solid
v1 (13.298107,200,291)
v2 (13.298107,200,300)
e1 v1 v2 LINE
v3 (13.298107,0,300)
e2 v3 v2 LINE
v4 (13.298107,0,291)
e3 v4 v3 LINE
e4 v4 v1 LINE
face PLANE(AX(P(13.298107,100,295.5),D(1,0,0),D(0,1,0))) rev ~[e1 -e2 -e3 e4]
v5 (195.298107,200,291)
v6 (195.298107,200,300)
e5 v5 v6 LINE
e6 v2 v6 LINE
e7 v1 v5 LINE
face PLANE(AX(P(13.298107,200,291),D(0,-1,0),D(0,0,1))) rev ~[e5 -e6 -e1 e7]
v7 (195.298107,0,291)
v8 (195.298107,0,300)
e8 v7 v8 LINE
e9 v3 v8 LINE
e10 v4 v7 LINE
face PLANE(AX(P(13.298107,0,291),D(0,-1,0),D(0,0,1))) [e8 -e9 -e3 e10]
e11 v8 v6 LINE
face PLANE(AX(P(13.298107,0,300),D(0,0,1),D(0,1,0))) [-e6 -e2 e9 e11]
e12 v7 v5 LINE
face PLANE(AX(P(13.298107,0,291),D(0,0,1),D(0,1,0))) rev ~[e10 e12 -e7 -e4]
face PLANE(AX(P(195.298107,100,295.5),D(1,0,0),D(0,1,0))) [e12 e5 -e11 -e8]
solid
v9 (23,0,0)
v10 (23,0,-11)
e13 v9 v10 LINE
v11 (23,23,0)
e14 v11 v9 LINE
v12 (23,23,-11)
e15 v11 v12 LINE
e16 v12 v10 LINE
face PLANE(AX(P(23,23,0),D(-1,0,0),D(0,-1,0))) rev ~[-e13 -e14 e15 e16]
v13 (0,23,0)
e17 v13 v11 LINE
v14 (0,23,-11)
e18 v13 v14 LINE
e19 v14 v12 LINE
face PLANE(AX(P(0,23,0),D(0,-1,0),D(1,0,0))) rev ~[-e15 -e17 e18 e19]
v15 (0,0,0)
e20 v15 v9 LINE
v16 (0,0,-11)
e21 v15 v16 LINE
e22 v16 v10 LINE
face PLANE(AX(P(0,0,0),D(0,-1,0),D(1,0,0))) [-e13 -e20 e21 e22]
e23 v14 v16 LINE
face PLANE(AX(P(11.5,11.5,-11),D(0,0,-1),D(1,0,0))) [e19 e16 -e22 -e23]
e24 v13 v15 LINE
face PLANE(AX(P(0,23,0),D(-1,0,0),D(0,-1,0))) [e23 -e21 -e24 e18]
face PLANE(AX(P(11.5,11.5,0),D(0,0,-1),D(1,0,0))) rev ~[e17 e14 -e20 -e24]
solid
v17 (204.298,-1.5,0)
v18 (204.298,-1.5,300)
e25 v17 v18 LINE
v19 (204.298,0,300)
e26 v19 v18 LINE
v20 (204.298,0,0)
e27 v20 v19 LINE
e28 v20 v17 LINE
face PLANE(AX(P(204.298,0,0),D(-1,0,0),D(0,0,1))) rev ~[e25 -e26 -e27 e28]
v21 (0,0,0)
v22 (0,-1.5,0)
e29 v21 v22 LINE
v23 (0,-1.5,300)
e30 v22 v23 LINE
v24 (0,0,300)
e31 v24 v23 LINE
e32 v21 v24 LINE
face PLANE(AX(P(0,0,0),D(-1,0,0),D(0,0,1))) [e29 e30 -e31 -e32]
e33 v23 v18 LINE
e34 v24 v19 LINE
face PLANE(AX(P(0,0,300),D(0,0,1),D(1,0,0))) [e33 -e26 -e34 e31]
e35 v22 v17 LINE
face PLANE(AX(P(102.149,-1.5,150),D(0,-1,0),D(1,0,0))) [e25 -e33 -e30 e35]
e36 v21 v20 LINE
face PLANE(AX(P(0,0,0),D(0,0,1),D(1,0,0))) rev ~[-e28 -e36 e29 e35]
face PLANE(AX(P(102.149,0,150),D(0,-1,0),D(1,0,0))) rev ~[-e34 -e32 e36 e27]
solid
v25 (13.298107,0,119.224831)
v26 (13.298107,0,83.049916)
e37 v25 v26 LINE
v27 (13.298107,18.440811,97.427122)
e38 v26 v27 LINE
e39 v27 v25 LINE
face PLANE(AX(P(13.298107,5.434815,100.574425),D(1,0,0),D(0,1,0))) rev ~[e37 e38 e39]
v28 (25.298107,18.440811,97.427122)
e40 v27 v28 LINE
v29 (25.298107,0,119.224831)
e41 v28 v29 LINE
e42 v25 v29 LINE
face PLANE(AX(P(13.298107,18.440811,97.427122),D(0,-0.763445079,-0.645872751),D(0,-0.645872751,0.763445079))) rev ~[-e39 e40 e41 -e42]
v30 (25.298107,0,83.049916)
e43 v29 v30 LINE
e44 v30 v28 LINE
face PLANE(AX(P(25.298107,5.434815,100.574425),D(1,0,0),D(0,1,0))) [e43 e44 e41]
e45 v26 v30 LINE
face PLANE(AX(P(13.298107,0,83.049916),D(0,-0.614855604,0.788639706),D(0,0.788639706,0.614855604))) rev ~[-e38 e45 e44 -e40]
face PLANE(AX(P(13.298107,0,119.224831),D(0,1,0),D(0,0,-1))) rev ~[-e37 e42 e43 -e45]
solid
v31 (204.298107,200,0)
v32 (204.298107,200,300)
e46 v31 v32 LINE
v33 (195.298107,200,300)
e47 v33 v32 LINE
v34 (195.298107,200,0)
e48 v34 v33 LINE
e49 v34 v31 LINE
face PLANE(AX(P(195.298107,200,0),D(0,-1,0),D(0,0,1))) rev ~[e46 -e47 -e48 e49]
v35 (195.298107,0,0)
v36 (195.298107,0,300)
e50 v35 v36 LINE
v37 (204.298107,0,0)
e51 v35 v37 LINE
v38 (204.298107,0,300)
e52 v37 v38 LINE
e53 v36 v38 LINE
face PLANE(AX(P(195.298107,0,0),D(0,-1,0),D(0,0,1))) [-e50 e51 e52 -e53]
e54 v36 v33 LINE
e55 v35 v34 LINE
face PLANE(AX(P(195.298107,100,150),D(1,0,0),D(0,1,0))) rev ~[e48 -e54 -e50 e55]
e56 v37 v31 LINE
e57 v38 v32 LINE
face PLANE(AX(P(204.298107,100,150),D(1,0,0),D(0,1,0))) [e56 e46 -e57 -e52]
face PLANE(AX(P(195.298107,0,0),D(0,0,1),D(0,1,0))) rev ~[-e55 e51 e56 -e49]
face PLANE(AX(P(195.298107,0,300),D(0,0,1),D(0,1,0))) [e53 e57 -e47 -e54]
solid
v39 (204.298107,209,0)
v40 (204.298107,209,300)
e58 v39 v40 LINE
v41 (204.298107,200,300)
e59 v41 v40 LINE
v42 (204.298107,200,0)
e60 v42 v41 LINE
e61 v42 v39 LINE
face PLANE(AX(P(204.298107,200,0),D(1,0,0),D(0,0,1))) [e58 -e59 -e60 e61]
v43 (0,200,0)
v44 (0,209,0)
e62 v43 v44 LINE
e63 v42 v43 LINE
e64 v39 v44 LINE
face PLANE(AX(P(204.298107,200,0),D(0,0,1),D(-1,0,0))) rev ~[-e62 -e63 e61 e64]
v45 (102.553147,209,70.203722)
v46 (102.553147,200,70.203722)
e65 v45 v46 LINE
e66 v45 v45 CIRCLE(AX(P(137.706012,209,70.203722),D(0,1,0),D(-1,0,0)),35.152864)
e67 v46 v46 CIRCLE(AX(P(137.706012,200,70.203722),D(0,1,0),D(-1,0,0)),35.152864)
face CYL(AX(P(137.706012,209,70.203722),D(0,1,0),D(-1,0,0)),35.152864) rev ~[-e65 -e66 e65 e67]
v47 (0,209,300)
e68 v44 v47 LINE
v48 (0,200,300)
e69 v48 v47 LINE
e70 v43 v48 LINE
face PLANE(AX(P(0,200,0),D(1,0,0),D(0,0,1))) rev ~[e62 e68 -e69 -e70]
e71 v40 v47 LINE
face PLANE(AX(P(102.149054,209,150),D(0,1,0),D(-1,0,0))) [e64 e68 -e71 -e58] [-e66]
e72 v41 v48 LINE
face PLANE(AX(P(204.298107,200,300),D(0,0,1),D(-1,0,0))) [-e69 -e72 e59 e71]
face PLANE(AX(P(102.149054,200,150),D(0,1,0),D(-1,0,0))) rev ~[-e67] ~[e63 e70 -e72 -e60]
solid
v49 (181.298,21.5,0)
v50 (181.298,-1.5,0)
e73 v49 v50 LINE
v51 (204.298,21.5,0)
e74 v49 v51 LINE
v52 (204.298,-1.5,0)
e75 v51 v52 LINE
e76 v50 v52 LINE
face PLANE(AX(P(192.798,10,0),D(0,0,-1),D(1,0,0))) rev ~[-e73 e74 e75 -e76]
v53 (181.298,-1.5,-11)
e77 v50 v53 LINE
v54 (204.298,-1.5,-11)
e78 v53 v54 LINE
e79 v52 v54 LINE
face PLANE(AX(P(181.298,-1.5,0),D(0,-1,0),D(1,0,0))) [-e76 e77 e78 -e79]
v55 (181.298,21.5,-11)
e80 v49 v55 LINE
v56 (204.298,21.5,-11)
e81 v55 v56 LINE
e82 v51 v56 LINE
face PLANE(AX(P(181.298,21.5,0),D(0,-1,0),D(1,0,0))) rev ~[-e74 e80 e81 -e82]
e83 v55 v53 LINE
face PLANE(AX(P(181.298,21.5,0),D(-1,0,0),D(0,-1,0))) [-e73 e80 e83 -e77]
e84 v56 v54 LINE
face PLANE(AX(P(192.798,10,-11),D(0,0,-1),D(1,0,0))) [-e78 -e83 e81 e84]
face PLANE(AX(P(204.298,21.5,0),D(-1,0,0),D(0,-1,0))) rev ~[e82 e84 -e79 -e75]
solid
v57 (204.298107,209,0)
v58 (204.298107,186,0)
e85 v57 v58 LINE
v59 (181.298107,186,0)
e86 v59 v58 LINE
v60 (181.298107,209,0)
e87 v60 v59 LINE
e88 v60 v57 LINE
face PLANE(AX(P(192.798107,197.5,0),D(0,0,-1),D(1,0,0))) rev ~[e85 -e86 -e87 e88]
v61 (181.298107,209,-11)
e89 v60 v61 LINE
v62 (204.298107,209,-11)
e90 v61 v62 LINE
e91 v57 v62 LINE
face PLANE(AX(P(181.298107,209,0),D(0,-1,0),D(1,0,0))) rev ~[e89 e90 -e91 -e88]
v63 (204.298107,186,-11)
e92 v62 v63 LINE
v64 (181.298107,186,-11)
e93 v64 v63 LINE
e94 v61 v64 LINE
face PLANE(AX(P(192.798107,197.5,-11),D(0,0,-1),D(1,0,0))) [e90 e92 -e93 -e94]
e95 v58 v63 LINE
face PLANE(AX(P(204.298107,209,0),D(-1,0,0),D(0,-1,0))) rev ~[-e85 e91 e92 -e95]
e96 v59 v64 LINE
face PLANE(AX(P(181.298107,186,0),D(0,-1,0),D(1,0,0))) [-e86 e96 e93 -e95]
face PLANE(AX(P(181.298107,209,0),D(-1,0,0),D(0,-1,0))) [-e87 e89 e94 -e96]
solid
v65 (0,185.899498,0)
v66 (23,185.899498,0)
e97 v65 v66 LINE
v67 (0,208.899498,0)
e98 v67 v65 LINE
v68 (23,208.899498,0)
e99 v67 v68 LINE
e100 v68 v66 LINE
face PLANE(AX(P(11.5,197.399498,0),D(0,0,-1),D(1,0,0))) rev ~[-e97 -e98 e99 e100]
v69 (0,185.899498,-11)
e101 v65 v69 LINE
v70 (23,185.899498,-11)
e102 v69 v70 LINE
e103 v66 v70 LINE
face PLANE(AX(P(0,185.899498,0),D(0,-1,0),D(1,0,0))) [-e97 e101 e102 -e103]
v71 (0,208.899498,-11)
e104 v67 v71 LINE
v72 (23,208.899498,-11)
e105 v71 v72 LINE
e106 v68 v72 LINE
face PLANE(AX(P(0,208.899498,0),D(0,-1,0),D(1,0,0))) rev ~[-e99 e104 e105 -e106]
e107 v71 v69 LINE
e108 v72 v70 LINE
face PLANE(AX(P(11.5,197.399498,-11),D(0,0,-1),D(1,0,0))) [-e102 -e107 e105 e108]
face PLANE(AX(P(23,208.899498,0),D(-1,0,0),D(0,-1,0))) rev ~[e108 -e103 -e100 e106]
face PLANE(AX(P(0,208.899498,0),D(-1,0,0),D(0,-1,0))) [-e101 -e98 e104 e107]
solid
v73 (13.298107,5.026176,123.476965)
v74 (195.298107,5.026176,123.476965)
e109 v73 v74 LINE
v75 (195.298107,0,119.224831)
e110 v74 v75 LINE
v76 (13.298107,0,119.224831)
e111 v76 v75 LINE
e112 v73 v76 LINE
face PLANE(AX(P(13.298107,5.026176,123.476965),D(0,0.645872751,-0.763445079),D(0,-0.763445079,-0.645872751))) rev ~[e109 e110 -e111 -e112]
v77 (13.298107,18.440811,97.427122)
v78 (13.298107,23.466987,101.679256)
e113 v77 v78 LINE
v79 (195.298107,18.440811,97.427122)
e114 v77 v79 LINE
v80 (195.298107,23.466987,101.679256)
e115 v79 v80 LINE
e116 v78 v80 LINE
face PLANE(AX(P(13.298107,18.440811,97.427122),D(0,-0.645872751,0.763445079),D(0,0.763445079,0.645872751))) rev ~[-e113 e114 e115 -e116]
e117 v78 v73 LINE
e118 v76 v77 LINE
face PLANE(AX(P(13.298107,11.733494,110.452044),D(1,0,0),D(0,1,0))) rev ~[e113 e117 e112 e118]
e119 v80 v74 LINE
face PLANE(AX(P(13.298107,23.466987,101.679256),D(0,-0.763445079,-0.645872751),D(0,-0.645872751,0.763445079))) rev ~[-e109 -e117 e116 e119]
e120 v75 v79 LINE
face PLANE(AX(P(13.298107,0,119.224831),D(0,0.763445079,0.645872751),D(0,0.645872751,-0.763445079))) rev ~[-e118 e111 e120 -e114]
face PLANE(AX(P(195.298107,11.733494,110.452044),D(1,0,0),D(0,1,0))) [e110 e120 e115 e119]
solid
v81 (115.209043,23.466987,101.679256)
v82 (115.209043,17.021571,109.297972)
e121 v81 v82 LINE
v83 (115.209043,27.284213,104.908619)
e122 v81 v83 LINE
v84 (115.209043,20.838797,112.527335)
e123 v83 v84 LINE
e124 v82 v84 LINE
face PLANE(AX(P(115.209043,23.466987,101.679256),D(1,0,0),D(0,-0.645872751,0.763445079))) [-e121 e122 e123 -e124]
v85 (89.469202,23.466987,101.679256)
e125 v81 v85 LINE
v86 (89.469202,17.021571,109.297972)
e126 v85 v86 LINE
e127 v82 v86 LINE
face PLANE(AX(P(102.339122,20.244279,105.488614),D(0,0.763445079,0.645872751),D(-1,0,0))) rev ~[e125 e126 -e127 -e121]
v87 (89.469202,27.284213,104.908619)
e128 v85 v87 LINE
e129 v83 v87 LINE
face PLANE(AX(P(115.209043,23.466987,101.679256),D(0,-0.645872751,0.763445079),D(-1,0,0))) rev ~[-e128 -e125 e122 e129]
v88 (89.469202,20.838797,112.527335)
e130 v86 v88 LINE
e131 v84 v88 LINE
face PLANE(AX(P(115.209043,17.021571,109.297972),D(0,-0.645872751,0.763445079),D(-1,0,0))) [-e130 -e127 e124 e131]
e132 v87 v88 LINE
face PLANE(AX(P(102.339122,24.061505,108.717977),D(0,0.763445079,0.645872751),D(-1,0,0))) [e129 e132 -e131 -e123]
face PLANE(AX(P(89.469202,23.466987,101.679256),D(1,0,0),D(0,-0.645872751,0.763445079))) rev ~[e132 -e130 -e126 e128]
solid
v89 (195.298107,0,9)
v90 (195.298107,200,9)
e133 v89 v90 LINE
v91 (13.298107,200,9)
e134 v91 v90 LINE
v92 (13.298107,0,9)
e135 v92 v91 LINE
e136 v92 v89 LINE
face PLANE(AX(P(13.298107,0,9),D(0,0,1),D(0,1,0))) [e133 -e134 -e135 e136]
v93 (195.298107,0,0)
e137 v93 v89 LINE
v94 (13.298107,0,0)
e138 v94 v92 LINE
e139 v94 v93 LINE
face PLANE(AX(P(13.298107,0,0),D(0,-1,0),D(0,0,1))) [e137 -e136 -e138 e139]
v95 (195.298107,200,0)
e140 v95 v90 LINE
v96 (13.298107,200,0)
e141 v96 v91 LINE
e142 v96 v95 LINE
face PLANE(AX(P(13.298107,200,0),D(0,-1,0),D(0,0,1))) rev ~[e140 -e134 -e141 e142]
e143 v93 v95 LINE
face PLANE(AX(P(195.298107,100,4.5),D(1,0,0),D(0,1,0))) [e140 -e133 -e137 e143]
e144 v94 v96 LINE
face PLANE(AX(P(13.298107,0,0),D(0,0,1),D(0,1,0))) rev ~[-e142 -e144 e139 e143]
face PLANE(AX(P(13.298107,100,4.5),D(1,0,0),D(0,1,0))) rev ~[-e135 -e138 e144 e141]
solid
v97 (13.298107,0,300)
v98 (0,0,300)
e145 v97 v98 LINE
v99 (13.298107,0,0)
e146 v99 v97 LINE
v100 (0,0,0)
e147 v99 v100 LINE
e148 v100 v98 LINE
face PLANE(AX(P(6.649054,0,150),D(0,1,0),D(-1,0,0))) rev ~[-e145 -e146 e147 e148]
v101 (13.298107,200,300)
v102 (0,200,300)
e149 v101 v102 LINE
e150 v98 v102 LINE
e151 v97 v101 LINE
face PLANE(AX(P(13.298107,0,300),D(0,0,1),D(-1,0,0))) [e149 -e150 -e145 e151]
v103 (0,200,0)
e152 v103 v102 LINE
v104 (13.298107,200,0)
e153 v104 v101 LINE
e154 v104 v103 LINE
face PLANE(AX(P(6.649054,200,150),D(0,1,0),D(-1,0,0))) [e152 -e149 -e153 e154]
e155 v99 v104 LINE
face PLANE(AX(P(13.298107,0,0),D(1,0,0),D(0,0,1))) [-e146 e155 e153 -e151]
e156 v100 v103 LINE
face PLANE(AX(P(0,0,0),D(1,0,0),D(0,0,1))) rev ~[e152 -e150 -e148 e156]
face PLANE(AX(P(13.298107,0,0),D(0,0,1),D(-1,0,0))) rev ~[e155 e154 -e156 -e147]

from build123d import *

# Parameters (mm, degrees)
F0_W      = 204.298
F0_H      = 300
F1_DEPTH  = 1.5
F2_W      = 13.2981073111
F2_H      = 300
F3_DEPTH  = 200
F5_DEPTH  = 12
F7_DEPTH  = 182
F8_W      = 25.7398411632
F8_H      = 9.9793898548
F9_DEPTH  = 5
F10_W     = 200
F10_H     = 9
F11_DEPTH = 182
F12_W     = 200
F12_H     = 9
F13_DEPTH = 182
F14_W     = 200
F14_H     = 300
F15_DEPTH = 9
F16_W     = 204.2981073111
F16_H     = 300
F17_DEPTH = 9
F18_R     = 35.1528640542
F19_DEPTH = 9
F20_DEPTH = 25
F21_W     = 23
F21_H     = 23
F22_DEPTH = 11
F23_W     = 23
F23_H     = 23
F24_DEPTH = 11
F25_W     = 23
F25_H     = 23
F26_DEPTH = 11
F27_W     = 23
F27_H     = 23
F28_DEPTH = 11


with BuildPart() as f1:
    # F0 (on Front) → F1 (new body)
    with BuildSketch(Plane.XZ):
        with Locations((102.149, 150)):
            Rectangle(F0_W, F0_H)
    extrude(amount=F1_DEPTH)

    # F18 (on face) → F20 (cut)
    with BuildSketch(Plane(origin=(0, 209, 0), x_dir=(-1, 0, 0), z_dir=(0, 1, 0))):
        with Locations((-137.7060115337, 70.2037215233)):
            Circle(F18_R)
    extrude(amount=-F20_DEPTH, mode=Mode.SUBTRACT)


with BuildPart() as f3:
    # F2 (on face) → F3 (new body)
    with BuildSketch(Plane(origin=(0, 0, 0), x_dir=(-1, 0, 0), z_dir=(0, 1, 0))):
        with Locations((-6.6490536556, 150)):
            Rectangle(F2_W, F2_H)
    extrude(amount=F3_DEPTH)


with BuildPart() as f5:
    # F4 (on face) → F5 (new body)
    with BuildSketch(Plane.YZ.offset(13.2981073111)):
        Polygon((18.4408109635, 97.4271222949), (0, 119.2248314619), (0, 83.049915731), align=None)
    extrude(amount=F5_DEPTH)


with BuildPart() as f7:
    # F6 (on face) → F7 (new body)
    with BuildSketch(Plane.YZ.offset(13.2981073111)):
        Polygon((0, 119.2248314619), (18.4408109635, 97.4271222949), (23.4669872274, 101.6792556563), (5.0261762638, 123.4769648233), align=None)
    extrude(amount=F7_DEPTH)


with BuildPart() as f9:
    # F8 (on face) → F9 (new body)
    with BuildSketch(Plane(origin=(0, 63.8145545289, 53.9869638489), x_dir=(-1, 0, 0), z_dir=(0, 0.7634450794, 0.6458727512))):
        with Locations((-102.3391224444, 67.4595347302)):
            Rectangle(F8_W, F8_H)
    extrude(amount=F9_DEPTH)


with BuildPart() as f11:
    # F10 (on face) → F11 (new body)
    with BuildSketch(Plane.YZ.offset(13.2981073111)):
        with Locations((100, 295.5)):
            Rectangle(F10_W, F10_H)
    extrude(amount=F11_DEPTH)


with BuildPart() as f13:
    # F12 (on face) → F13 (new body)
    with BuildSketch(Plane.YZ.offset(13.2981073111)):
        with Locations((100, 4.5)):
            Rectangle(F12_W, F12_H)
    extrude(amount=F13_DEPTH)


with BuildPart() as f15:
    # F14 (on face) → F15 (new body)
    with BuildSketch(Plane.YZ.offset(195.2981073111)):
        with Locations((100, 150)):
            Rectangle(F14_W, F14_H)
    extrude(amount=F15_DEPTH)


with BuildPart() as f17:
    # F16 (on face) → F17 (new body)
    with BuildSketch(Plane(origin=(0, 200, 0), x_dir=(-1, 0, 0), z_dir=(0, 1, 0))):
        with Locations((-102.1490536556, 150)):
            Rectangle(F16_W, F16_H)
    extrude(amount=F17_DEPTH)

    # F18 (on face) → F19 (cut)
    with BuildSketch(Plane(origin=(0, 209, 0), x_dir=(-1, 0, 0), z_dir=(0, 1, 0))):
        with Locations((-137.7060115337, 70.2037215233)):
            Circle(F18_R)
    extrude(amount=-F19_DEPTH, mode=Mode.SUBTRACT)


with BuildPart() as f22:
    # F21 (on face) → F22 (new body)
    with BuildSketch(Plane(origin=(0, 0, 0), x_dir=(1, 0, 0), z_dir=(0, 0, -1))):
        with Locations((192.7981073111, -197.5)):
            Rectangle(F21_W, F21_H)
    extrude(amount=F22_DEPTH)


with BuildPart() as f24:
    # F23 (on face) → F24 (new body)
    with BuildSketch(Plane(origin=(0, 0, 0), x_dir=(1, 0, 0), z_dir=(0, 0, -1))):
        with Locations((11.5, -197.3994979858)):
            Rectangle(F23_W, F23_H)
    extrude(amount=F24_DEPTH)


with BuildPart() as f26:
    # F25 (on face) → F26 (new body)
    with BuildSketch(Plane(origin=(0, 0, 0), x_dir=(1, 0, 0), z_dir=(0, 0, -1))):
        with Locations((11.5, -11.5)):
            Rectangle(F25_W, F25_H)
    extrude(amount=F26_DEPTH)


with BuildPart() as f28:
    # F27 (on face) → F28 (new body)
    with BuildSketch(Plane(origin=(0, 0, 0), x_dir=(1, 0, 0), z_dir=(0, 0, -1))):
        with Locations((192.798, -10)):
            Rectangle(F27_W, F27_H)
    extrude(amount=F28_DEPTH)


solid = Compound([f1.part, f3.part, f5.part, f7.part, f9.part, f11.part, f13.part, f15.part, f17.part, f22.part, f24.part, f26.part, f28.part])
